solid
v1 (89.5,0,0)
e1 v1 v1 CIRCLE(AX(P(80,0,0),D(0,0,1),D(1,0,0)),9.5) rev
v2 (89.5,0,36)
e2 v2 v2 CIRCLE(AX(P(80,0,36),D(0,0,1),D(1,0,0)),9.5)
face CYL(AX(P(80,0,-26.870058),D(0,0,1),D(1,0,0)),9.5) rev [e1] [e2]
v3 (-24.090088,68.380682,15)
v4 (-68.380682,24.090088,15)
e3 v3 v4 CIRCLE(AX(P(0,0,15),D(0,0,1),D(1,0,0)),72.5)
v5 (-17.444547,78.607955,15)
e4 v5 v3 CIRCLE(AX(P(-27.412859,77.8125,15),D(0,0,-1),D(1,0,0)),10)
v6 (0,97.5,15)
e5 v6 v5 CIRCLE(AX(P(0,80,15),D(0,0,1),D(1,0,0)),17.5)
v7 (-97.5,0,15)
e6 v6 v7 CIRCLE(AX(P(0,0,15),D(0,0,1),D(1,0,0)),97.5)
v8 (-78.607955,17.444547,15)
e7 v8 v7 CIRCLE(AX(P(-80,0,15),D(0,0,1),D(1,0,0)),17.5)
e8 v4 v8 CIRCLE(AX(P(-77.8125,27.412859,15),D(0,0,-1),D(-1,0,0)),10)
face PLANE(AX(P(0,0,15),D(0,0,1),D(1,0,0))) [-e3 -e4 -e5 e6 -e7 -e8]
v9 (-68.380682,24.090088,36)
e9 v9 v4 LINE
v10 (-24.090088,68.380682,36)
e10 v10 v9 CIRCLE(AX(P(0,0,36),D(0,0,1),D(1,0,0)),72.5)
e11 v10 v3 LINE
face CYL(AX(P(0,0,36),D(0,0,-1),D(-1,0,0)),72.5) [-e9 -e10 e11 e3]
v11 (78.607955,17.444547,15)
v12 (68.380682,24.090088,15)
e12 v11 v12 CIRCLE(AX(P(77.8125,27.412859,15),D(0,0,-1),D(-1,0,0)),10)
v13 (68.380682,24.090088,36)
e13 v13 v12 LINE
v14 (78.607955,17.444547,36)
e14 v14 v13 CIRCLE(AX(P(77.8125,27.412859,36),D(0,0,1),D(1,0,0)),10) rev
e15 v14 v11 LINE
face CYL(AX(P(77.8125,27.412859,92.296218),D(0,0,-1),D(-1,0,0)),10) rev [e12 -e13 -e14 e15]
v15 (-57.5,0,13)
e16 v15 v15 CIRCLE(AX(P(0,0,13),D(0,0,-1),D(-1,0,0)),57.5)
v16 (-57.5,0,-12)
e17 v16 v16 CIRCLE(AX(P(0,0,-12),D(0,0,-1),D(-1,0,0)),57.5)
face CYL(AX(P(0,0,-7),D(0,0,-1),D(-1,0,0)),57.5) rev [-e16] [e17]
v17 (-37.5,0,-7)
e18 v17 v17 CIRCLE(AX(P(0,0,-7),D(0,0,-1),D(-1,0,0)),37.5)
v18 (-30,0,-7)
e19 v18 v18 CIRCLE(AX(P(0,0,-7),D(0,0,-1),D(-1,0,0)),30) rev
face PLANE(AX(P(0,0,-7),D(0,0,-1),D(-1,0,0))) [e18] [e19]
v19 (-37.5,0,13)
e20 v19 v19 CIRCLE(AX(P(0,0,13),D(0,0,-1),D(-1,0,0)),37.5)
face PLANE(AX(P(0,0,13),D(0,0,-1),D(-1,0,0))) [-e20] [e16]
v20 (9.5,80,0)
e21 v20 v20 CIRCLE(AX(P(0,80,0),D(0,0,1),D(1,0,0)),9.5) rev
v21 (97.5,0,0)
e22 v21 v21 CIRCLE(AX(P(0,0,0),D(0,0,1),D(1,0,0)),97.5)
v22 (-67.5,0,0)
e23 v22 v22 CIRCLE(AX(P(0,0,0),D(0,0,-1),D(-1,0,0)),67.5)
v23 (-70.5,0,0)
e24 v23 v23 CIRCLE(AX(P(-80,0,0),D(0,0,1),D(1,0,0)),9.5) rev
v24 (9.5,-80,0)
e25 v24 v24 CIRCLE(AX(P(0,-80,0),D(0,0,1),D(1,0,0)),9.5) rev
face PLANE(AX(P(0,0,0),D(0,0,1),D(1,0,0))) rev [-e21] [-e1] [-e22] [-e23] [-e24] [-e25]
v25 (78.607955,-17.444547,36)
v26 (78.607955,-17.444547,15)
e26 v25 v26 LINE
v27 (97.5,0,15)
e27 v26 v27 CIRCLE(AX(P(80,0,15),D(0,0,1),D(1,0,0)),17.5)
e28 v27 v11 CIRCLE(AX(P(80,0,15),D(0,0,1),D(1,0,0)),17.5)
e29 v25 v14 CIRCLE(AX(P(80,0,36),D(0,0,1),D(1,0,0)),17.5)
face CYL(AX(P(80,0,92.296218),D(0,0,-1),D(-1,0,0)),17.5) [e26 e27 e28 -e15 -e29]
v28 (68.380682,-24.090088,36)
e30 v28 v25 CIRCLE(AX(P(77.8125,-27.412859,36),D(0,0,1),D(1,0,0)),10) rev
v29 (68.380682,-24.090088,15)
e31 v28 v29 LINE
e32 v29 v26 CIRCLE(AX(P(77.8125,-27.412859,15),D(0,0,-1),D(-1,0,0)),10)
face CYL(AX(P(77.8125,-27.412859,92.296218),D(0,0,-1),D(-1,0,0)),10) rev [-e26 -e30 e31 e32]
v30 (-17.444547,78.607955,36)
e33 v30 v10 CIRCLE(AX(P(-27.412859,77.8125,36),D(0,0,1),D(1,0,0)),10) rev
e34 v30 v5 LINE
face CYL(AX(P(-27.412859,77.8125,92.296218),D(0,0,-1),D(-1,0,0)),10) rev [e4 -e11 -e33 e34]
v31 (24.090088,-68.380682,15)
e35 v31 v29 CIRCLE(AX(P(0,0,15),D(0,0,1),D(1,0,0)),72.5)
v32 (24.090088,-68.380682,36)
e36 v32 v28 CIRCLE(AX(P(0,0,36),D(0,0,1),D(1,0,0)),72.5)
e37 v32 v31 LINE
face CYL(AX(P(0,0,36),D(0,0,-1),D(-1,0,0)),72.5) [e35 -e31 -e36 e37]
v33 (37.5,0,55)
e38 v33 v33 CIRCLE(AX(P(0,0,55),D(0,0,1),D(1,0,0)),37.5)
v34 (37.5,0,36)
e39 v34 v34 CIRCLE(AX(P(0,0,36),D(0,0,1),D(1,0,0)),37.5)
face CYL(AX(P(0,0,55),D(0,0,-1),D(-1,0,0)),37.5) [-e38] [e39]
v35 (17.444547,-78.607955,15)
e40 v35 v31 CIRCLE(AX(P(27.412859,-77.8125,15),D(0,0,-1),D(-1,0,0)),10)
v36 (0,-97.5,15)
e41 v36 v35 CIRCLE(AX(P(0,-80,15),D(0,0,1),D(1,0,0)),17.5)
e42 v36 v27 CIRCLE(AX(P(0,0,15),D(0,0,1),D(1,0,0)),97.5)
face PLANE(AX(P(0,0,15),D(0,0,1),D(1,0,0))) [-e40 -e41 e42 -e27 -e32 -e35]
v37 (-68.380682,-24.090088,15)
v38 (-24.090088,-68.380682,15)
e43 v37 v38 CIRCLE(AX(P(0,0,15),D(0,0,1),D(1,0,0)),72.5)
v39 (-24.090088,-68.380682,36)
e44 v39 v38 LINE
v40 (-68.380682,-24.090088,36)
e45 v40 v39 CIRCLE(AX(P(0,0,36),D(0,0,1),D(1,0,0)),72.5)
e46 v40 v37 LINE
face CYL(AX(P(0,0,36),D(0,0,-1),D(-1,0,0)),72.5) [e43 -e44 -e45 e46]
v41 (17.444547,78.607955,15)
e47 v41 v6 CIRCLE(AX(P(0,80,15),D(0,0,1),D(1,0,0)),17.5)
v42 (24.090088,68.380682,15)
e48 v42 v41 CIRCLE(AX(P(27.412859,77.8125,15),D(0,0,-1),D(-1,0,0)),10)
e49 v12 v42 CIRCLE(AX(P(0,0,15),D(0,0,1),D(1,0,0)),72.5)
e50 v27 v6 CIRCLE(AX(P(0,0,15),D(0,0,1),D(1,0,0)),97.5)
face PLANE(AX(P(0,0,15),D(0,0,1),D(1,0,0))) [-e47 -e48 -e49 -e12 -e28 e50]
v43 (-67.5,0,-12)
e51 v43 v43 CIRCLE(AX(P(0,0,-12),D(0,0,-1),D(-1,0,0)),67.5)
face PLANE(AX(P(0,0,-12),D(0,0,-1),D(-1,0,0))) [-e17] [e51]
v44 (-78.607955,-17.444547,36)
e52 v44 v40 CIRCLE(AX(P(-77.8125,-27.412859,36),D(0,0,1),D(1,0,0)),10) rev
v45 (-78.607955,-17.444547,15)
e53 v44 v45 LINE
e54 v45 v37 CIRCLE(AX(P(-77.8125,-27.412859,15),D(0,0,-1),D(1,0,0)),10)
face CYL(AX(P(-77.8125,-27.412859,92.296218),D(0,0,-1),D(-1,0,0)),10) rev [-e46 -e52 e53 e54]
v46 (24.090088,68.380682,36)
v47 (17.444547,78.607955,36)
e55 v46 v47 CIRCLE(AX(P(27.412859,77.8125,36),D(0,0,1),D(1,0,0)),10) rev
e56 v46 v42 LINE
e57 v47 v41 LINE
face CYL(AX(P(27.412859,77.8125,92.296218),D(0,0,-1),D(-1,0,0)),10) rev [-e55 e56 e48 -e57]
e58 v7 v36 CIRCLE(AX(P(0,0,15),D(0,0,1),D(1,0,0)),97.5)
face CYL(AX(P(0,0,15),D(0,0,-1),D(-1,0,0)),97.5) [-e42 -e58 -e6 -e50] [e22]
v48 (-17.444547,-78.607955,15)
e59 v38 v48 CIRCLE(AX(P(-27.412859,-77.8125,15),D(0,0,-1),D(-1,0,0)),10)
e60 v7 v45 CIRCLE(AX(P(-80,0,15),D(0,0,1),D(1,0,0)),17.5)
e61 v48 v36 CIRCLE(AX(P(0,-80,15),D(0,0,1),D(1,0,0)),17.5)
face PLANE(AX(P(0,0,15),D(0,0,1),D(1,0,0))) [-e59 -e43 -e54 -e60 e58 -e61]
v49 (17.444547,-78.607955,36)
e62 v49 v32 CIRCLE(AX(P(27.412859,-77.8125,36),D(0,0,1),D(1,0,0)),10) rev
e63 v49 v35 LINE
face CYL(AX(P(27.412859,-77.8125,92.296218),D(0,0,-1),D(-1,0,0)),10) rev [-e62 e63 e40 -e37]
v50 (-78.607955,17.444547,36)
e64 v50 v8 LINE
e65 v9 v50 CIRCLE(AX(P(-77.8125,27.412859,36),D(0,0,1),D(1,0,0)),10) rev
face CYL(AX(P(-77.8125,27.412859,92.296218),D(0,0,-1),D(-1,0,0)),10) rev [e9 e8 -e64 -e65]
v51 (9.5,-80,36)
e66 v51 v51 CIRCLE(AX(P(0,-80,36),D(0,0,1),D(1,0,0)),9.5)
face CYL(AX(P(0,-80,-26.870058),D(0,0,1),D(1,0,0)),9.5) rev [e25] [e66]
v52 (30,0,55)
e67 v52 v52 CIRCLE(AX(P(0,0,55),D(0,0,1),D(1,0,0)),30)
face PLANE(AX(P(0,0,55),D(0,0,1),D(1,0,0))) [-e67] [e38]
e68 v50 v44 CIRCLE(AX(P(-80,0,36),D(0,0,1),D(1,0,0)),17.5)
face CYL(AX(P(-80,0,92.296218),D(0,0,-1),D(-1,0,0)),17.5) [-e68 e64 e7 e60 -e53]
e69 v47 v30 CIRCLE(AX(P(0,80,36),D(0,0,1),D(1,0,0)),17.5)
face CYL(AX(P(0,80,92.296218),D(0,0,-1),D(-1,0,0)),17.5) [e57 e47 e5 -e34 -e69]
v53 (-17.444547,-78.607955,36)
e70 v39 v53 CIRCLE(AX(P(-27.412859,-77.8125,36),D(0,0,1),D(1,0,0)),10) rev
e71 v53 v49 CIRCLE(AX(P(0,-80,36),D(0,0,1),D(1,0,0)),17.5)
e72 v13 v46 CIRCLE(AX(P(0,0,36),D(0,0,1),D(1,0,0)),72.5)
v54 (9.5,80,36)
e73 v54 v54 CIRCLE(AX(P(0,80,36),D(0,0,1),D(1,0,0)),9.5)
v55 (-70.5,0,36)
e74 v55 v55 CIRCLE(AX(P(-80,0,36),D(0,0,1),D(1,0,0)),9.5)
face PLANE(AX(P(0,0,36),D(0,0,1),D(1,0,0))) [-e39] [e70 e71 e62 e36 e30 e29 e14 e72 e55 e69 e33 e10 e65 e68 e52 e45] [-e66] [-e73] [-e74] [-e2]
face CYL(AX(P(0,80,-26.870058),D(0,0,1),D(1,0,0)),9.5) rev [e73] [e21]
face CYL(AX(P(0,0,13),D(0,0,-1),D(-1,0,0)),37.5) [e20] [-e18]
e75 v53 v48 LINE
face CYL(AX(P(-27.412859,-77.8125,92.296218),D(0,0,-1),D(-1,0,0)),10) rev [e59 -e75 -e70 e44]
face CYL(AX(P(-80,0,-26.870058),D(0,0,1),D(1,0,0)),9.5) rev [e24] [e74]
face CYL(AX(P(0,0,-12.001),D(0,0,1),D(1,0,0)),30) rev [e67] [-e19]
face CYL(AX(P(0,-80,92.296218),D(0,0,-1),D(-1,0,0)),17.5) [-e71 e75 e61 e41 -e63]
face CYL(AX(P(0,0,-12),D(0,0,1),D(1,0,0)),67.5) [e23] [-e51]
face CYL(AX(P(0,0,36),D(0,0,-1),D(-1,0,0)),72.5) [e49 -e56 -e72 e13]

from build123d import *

# Parameters (mm, degrees)
SKETCH_1_R          = 97.5
EXTRUDE_1_DEPTH     = 15
SKETCH_2_R          = 72.5
EXTRUDE_2_DEPTH     = 21
SKETCH_3_R          = 67.5
EXTRUDE_3_DEPTH     = 12
SKETCH_4_R          = 37.5
EXTRUDE_4_DEPTH     = 19
CUT_EXTRUDE_1_REACH = 69
SKETCH_5_R          = 30
SKETCH_6_R          = 57.5
CUT_EXTRUDE_2_DEPTH = 5
SKETCH_7_R          = 57.5
SKETCH_7_R_2        = 37.5
CUT_EXTRUDE_3_DEPTH = 20
EXTRUDE_5_DEPTH     = 21
SKETCH_9_R          = 9.5
CUT_EXTRUDE_4_DEPTH = 36


with BuildPart() as part:
    # 草图1 → 凸台-拉伸1 (new body)
    with BuildSketch(Plane.XY):
        Circle(SKETCH_1_R)
    extrude(amount=EXTRUDE_1_DEPTH)

    # 草图2 → 凸台-拉伸2 (add)
    with BuildSketch(Plane.XY.offset(15)):
        Circle(SKETCH_2_R)
    extrude(amount=EXTRUDE_2_DEPTH)

    # 草图3 → 凸台-拉伸3 (add)
    with BuildSketch(Plane(origin=(0, 0, 0), x_dir=(-1, 0, 0), z_dir=(0, 0, -1))):
        Circle(SKETCH_3_R)
    extrude(amount=EXTRUDE_3_DEPTH)

    # 草图4 → 凸台-拉伸4 (add)
    with BuildSketch(Plane.XY.offset(36)):
        Circle(SKETCH_4_R)
    extrude(amount=EXTRUDE_4_DEPTH)

    # 草图5 → 切除-拉伸1 (cut, up to next)
    with BuildSketch(Plane.XY.offset(55), mode=Mode.PRIVATE) as cut_extrude_1_sk1:
        Circle(SKETCH_5_R)
    cut_extrude_1_tool1 = extrude(cut_extrude_1_sk1.sketch, amount=-CUT_EXTRUDE_1_REACH, mode=Mode.PRIVATE) & part.part
    add(cut_extrude_1_tool1.solids().sort_by_distance((0, 0, 55))[0], mode=Mode.SUBTRACT)

    # 草图6 → 切除-拉伸2 (cut)
    with BuildSketch(Plane(origin=(0, 0, -12), x_dir=(-1, 0, 0), z_dir=(0, 0, -1))):
        Circle(SKETCH_6_R)
    extrude(amount=-CUT_EXTRUDE_2_DEPTH, mode=Mode.SUBTRACT)

    # 草图7 → 切除-拉伸3 (cut)
    with BuildSketch(Plane(origin=(0, 0, -7), x_dir=(-1, 0, 0), z_dir=(0, 0, -1))):
        Circle(SKETCH_7_R)
        Circle(SKETCH_7_R_2, mode=Mode.SUBTRACT)
    extrude(amount=-CUT_EXTRUDE_3_DEPTH, mode=Mode.SUBTRACT)

    # 草图8 → 凸台-拉伸5 (add)
    with BuildSketch(Plane.XY.offset(15)):
        with BuildLine():
            ThreePointArc((17.444546697, 78.607954545), (0, 97.5), (-17.444546697, 78.607954545))
            ThreePointArc((-17.444546697, 78.607954545), (-19.027604179, 72.363876321), (-24.090088295, 68.380681818))
            ThreePointArc((-24.090088295, 68.380681818), (0, 72.5), (24.090088295, 68.380681818))
            ThreePointArc((24.090088295, 68.380681818), (19.027604179, 72.363876321), (17.444546697, 78.607954545))
        make_face()
        with BuildLine():
            ThreePointArc((78.607954545, -17.444546697), (97.5, 0), (78.607954545, 17.444546697))
            ThreePointArc((78.607954545, 17.444546697), (72.363876321, 19.027604179), (68.380681818, 24.090088295))
            ThreePointArc((68.380681818, 24.090088295), (72.5, 0), (68.380681818, -24.090088295))
            ThreePointArc((68.380681818, -24.090088295), (72.363876321, -19.027604179), (78.607954545, -17.444546697))
        make_face()
        with BuildLine():
            ThreePointArc((-17.444546697, -78.607954545), (0, -97.5), (17.444546697, -78.607954545))
            ThreePointArc((17.444546697, -78.607954545), (19.027604179, -72.363876321), (24.090088295, -68.380681818))
            ThreePointArc((24.090088295, -68.380681818), (0, -72.5), (-24.090088295, -68.380681818))
            ThreePointArc((-24.090088295, -68.380681818), (-19.027604179, -72.363876321), (-17.444546697, -78.607954545))
        make_face()
        with BuildLine():
            ThreePointArc((-78.607954545, 17.444546697), (-97.5, 0), (-78.607954545, -17.444546697))
            ThreePointArc((-78.607954545, -17.444546697), (-72.363876321, -19.027604179), (-68.380681818, -24.090088295))
            ThreePointArc((-68.380681818, -24.090088295), (-72.5, 0), (-68.380681818, 24.090088295))
            ThreePointArc((-68.380681818, 24.090088295), (-72.363876321, 19.027604179), (-78.607954545, 17.444546697))
        make_face()
    extrude(amount=EXTRUDE_5_DEPTH)

    # 草图9 → 切除-拉伸4 (cut)
    with BuildSketch(Plane.XY.offset(36)):
        with Locations((0, 80)):
            Circle(SKETCH_9_R)
        with Locations((80, 0)):
            Circle(SKETCH_9_R)
        with Locations((0, -80)):
            Circle(SKETCH_9_R)
        with Locations((-80, 0)):
            Circle(SKETCH_9_R)
    extrude(amount=-CUT_EXTRUDE_4_DEPTH, mode=Mode.SUBTRACT)


solid = part.part
